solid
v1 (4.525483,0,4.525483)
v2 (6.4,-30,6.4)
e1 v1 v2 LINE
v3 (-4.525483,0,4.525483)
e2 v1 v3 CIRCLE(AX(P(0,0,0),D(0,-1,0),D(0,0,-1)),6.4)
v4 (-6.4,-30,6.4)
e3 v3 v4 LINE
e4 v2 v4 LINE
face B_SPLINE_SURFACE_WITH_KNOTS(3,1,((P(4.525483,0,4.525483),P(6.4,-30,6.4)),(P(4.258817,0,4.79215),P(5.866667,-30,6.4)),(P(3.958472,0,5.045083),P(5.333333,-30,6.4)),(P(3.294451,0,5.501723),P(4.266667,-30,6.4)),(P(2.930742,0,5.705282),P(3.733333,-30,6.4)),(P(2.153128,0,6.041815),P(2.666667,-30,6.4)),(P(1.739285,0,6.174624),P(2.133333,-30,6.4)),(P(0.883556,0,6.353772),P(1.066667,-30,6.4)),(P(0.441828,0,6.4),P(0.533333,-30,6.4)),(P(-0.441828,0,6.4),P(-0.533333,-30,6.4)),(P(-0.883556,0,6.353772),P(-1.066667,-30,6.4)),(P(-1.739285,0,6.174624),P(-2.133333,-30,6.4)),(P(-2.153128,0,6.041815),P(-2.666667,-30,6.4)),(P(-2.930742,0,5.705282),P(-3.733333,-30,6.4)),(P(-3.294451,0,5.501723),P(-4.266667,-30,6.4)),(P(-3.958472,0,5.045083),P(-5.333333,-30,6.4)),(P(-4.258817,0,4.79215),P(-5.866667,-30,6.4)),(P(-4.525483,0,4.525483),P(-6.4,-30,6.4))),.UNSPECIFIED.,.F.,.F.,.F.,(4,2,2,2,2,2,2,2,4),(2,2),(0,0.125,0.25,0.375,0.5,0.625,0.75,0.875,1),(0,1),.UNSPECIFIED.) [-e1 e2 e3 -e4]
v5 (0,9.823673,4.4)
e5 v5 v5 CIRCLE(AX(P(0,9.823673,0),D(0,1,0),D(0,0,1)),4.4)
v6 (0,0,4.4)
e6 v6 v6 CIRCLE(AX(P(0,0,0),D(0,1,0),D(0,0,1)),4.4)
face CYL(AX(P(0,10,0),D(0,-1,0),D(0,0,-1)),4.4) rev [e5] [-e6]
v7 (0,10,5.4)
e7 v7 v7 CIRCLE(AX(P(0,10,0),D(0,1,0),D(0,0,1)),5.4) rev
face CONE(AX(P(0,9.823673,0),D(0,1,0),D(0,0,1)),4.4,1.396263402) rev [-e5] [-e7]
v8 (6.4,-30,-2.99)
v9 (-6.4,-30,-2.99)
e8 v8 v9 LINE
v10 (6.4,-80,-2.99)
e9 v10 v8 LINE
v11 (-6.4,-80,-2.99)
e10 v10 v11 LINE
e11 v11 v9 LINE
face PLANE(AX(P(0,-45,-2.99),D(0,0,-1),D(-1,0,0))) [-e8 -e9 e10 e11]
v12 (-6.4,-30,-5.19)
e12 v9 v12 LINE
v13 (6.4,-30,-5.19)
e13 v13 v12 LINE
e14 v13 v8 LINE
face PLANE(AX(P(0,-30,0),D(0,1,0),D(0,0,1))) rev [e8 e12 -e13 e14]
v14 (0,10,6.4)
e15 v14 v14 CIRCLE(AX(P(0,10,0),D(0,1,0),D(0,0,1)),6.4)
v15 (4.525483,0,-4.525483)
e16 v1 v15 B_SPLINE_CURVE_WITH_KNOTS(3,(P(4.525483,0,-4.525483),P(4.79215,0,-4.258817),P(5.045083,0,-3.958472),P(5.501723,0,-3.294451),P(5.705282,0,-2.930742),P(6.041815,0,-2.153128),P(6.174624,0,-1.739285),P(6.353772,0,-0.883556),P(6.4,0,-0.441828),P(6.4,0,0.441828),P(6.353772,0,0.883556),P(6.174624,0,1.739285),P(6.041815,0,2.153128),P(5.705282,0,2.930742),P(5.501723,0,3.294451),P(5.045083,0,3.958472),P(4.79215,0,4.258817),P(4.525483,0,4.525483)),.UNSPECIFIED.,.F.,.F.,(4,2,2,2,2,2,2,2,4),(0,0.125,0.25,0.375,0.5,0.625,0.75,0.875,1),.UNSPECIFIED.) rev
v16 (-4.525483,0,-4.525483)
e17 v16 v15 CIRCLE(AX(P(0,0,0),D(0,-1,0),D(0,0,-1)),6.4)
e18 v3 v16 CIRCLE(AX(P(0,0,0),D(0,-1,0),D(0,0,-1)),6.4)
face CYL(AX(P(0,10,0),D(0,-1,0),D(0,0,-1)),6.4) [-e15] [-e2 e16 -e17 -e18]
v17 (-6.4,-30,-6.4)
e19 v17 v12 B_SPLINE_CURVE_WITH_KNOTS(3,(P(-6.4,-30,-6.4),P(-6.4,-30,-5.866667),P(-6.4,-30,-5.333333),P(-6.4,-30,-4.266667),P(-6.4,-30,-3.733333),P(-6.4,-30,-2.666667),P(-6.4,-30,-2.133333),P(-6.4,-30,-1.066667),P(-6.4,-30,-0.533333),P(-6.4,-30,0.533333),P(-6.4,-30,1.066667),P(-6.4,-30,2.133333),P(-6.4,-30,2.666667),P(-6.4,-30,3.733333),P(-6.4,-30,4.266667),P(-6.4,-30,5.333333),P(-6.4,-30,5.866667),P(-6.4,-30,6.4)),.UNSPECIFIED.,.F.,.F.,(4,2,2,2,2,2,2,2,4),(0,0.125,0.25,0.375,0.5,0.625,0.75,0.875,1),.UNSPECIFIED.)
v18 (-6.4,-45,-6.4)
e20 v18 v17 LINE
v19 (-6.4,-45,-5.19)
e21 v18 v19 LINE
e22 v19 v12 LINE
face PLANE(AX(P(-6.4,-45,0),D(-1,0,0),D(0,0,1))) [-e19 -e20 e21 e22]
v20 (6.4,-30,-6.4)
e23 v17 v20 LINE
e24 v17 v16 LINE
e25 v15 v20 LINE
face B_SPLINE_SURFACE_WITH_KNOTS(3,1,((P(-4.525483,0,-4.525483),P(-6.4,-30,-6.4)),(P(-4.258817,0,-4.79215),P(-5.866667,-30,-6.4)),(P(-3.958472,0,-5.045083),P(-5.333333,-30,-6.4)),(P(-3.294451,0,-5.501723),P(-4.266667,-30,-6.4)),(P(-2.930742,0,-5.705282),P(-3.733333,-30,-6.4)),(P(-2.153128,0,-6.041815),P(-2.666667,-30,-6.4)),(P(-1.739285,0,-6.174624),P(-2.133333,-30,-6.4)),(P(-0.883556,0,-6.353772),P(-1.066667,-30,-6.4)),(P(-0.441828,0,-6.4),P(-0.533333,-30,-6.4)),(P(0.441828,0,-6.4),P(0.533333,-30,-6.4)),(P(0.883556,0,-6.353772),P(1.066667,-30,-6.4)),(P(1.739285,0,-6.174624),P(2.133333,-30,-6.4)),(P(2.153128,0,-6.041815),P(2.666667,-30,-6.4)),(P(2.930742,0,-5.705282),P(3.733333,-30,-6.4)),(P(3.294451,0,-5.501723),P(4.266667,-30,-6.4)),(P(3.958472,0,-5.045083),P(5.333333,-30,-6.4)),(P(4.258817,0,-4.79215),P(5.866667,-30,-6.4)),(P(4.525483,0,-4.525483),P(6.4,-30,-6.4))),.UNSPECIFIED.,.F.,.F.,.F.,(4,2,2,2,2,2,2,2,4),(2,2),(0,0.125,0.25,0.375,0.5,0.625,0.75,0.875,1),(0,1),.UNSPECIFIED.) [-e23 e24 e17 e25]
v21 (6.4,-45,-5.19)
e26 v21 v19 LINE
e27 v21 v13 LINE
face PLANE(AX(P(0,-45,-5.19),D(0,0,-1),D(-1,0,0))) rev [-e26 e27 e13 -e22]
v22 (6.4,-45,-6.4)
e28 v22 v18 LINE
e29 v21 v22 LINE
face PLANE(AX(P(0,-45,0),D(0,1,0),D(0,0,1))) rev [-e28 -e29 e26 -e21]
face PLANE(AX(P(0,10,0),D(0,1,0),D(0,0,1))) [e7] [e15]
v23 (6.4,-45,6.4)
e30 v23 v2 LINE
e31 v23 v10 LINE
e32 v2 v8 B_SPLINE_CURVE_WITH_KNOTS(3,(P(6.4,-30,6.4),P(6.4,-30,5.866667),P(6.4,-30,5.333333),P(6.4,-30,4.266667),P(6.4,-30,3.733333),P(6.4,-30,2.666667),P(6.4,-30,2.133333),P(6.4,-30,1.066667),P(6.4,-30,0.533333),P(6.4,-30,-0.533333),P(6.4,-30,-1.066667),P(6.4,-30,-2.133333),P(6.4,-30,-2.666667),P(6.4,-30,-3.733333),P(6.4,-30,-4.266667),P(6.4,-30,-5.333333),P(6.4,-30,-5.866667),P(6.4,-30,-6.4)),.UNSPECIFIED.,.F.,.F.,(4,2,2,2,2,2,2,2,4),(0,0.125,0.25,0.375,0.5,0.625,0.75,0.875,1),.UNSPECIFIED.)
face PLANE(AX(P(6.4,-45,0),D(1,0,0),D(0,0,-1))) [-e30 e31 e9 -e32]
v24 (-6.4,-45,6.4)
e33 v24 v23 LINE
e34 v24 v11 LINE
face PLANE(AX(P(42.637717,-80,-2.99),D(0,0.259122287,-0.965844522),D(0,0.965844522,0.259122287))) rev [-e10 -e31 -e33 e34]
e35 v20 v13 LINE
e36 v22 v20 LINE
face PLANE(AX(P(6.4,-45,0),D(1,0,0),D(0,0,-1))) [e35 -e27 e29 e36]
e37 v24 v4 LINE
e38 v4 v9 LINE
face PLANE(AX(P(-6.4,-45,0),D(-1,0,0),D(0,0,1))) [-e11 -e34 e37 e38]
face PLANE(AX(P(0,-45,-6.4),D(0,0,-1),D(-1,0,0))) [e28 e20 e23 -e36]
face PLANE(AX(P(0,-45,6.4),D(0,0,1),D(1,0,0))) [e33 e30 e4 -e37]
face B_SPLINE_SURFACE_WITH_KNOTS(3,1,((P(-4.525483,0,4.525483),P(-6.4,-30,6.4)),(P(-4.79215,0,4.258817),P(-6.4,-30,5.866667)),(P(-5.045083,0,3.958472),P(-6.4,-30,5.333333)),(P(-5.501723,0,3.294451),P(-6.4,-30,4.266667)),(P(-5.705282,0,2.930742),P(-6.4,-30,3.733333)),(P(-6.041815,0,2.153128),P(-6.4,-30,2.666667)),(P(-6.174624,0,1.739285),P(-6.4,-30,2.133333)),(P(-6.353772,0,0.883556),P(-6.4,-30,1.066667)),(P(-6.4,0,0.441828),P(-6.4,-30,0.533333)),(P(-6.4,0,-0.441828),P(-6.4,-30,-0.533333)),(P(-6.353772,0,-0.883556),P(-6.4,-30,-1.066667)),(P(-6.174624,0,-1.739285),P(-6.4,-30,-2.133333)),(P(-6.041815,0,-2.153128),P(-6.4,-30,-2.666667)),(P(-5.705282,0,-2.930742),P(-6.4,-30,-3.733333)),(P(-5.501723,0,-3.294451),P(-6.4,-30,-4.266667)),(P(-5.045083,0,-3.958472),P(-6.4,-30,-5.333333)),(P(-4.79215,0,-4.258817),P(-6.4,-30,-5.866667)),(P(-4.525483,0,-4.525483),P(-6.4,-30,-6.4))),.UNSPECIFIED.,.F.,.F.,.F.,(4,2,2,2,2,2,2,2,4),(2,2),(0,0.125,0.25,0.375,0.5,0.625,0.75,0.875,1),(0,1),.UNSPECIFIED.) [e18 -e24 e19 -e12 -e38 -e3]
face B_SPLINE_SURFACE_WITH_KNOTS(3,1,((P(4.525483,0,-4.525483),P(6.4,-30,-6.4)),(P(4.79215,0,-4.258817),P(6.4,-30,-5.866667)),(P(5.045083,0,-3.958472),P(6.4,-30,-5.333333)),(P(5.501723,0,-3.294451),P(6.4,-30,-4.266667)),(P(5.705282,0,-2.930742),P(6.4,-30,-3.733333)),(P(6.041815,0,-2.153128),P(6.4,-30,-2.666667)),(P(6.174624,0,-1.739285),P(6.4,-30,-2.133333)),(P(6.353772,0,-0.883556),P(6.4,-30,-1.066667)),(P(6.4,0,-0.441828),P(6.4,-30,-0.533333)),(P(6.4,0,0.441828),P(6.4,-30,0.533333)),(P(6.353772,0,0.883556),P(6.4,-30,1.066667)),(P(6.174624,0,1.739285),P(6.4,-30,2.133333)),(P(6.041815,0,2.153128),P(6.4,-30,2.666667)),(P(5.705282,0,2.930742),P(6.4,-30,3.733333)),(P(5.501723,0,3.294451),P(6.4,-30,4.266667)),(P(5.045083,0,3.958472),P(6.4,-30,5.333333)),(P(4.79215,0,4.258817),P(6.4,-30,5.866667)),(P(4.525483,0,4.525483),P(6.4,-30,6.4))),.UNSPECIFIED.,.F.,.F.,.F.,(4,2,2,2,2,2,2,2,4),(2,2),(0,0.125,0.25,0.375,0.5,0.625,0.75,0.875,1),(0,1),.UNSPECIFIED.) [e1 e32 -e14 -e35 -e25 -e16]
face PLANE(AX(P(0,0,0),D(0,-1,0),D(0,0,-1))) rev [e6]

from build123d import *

# Parameters (mm, degrees)
SKETCH1_R                       = 6.4
SKETCH1_R_2                     = 4.4
BOSS_EXTRUDE1_DEPTH             = 10
CHAMFER1_SIZE                   = 1
CHAMFER1_SIZE2                  = 0.176326981
BOSS_EXTRUDE2_START             = -30
SKETCH4_W                       = 12.8
SKETCH4_H                       = 9.39
SKETCH4_H_2                     = 1.21
BOSS_EXTRUDE2_DEPTH             = 15
BOSS_EXTRUDE3_REACH             = 47.901
BOSS_EXTRUDE3_DIRECTION_2_REACH = 47.901


with BuildPart() as part:
    # Sketch1 → Boss-Extrude1 (new body)
    with BuildSketch(Plane(origin=(0, 0, 0), x_dir=(1, 0, 0), z_dir=(0, 1, 0))):
        with Locations(Location((0, 0, 0), (0, 0, 270))):
            Circle(SKETCH1_R)
        with Locations(Location((0, 0, 0), (0, 0, 270))):
            Circle(SKETCH1_R_2, mode=Mode.SUBTRACT)
    extrude(amount=BOSS_EXTRUDE1_DEPTH)

    # Chamfer1
    chamfer1_edges = [part.edges().sort_by_distance(p)[0] for p in [
        (0, 10, -4.4),
    ]]
    chamfer1_side = [part.faces().sort_by_distance(p)[0] for p in [
        (0, 10, -6.218980664),
    ]]
    chamfer(chamfer1_edges, length=CHAMFER1_SIZE, length2=CHAMFER1_SIZE2, reference=chamfer1_side[0])

    # Sketch2 for Loft1 → Loft1 section 0
    with BuildSketch(Plane.XZ):
        with BuildLine():
            # circular arc as an exact rational Bezier (weights 1, cos(half-angle), 1)
            Bezier((-4.5254834, -4.5254834), (0, -9.050966798), (4.5254834, -4.5254834), weights=[1, 0.707106781, 1])
            Bezier((4.5254834, -4.5254834), (9.050966798, 0), (4.5254834, 4.5254834), weights=[1, 0.707106781, 1])
            Bezier((4.5254834, 4.5254834), (0, 9.050966798), (-4.5254834, 4.5254834), weights=[1, 0.707106781, 1])
            Bezier((-4.5254834, 4.5254834), (-9.050966798, 0), (-4.5254834, -4.5254834), weights=[1, 0.707106781, 1])
        make_face()
    # Sketch3 → Loft1 section 1
    with BuildSketch(Plane(origin=(0, -30, 0), x_dir=(-1, 0, 0), z_dir=(0, -1, 0))):
        with BuildLine():
            Line((6.4, 6.4), (-6.4, 6.4))
            Line((-6.4, 6.4), (-6.4, -6.4))
            Line((-6.4, -6.4), (6.4, -6.4))
            Line((6.4, -6.4), (6.4, 6.4))
        make_face()
    loft()

    # Sketch4 → Boss-Extrude2 (add)
    with BuildSketch(Plane(origin=(0, 0, 0), x_dir=(1, 0, 0), z_dir=(0, 1, 0)).offset(BOSS_EXTRUDE2_START)):
        with Locations((0, -1.705)):
            Rectangle(SKETCH4_W, SKETCH4_H)
        with Locations((0, 5.795)):
            Rectangle(SKETCH4_W, SKETCH4_H_2)
    extrude(amount=-BOSS_EXTRUDE2_DEPTH)

    # Boss-Extrude3: up to this face of the body (flat: up to its plane)
    boss_extrude3_end = Plane(part.part.faces().sort_by_distance((6.4, -37.5, 1.705))[0])
    # Sketch5 → Boss-Extrude3 (add, up to the picked face)
    with BuildSketch(Plane(origin=(0, 0, 0), x_dir=(0, 0, -1), z_dir=(1, 0, 0)), mode=Mode.PRIVATE) as boss_extrude3_sk1:
        Polygon((2.99, -45), (2.99, -80), (-6.4, -45), align=None)
    boss_extrude3_tool1 = split(extrude(boss_extrude3_sk1.sketch, amount=BOSS_EXTRUDE3_REACH, mode=Mode.PRIVATE), bisect_by=boss_extrude3_end, keep=Keep.BOTH, mode=Mode.PRIVATE)
    add(boss_extrude3_tool1.solids().sort_by(Axis((0, -56.666667, 0.14), (1, 0, 0)))[0])

    # Boss-Extrude3 direction 2: up to this face of the body (flat: up to its plane)
    boss_extrude3_direction_2_end = Plane(part.part.faces().sort_by_distance((-6.4, -37.5, 1.705))[0])
    # Sketch5 → Boss-Extrude3 direction 2 (add, up to the picked face)
    with BuildSketch(Plane(origin=(0, 0, 0), x_dir=(0, 0, -1), z_dir=(1, 0, 0)), mode=Mode.PRIVATE) as boss_extrude3_direction_2_sk1:
        Polygon((2.99, -45), (2.99, -80), (-6.4, -45), align=None)
    boss_extrude3_direction_2_tool1 = split(extrude(boss_extrude3_direction_2_sk1.sketch, amount=-BOSS_EXTRUDE3_DIRECTION_2_REACH, mode=Mode.PRIVATE), bisect_by=boss_extrude3_direction_2_end, keep=Keep.BOTH, mode=Mode.PRIVATE)
    add(boss_extrude3_direction_2_tool1.solids().sort_by(Axis((0, -56.666667, 0.14), (-1, 0, 0)))[0])


solid = part.part
